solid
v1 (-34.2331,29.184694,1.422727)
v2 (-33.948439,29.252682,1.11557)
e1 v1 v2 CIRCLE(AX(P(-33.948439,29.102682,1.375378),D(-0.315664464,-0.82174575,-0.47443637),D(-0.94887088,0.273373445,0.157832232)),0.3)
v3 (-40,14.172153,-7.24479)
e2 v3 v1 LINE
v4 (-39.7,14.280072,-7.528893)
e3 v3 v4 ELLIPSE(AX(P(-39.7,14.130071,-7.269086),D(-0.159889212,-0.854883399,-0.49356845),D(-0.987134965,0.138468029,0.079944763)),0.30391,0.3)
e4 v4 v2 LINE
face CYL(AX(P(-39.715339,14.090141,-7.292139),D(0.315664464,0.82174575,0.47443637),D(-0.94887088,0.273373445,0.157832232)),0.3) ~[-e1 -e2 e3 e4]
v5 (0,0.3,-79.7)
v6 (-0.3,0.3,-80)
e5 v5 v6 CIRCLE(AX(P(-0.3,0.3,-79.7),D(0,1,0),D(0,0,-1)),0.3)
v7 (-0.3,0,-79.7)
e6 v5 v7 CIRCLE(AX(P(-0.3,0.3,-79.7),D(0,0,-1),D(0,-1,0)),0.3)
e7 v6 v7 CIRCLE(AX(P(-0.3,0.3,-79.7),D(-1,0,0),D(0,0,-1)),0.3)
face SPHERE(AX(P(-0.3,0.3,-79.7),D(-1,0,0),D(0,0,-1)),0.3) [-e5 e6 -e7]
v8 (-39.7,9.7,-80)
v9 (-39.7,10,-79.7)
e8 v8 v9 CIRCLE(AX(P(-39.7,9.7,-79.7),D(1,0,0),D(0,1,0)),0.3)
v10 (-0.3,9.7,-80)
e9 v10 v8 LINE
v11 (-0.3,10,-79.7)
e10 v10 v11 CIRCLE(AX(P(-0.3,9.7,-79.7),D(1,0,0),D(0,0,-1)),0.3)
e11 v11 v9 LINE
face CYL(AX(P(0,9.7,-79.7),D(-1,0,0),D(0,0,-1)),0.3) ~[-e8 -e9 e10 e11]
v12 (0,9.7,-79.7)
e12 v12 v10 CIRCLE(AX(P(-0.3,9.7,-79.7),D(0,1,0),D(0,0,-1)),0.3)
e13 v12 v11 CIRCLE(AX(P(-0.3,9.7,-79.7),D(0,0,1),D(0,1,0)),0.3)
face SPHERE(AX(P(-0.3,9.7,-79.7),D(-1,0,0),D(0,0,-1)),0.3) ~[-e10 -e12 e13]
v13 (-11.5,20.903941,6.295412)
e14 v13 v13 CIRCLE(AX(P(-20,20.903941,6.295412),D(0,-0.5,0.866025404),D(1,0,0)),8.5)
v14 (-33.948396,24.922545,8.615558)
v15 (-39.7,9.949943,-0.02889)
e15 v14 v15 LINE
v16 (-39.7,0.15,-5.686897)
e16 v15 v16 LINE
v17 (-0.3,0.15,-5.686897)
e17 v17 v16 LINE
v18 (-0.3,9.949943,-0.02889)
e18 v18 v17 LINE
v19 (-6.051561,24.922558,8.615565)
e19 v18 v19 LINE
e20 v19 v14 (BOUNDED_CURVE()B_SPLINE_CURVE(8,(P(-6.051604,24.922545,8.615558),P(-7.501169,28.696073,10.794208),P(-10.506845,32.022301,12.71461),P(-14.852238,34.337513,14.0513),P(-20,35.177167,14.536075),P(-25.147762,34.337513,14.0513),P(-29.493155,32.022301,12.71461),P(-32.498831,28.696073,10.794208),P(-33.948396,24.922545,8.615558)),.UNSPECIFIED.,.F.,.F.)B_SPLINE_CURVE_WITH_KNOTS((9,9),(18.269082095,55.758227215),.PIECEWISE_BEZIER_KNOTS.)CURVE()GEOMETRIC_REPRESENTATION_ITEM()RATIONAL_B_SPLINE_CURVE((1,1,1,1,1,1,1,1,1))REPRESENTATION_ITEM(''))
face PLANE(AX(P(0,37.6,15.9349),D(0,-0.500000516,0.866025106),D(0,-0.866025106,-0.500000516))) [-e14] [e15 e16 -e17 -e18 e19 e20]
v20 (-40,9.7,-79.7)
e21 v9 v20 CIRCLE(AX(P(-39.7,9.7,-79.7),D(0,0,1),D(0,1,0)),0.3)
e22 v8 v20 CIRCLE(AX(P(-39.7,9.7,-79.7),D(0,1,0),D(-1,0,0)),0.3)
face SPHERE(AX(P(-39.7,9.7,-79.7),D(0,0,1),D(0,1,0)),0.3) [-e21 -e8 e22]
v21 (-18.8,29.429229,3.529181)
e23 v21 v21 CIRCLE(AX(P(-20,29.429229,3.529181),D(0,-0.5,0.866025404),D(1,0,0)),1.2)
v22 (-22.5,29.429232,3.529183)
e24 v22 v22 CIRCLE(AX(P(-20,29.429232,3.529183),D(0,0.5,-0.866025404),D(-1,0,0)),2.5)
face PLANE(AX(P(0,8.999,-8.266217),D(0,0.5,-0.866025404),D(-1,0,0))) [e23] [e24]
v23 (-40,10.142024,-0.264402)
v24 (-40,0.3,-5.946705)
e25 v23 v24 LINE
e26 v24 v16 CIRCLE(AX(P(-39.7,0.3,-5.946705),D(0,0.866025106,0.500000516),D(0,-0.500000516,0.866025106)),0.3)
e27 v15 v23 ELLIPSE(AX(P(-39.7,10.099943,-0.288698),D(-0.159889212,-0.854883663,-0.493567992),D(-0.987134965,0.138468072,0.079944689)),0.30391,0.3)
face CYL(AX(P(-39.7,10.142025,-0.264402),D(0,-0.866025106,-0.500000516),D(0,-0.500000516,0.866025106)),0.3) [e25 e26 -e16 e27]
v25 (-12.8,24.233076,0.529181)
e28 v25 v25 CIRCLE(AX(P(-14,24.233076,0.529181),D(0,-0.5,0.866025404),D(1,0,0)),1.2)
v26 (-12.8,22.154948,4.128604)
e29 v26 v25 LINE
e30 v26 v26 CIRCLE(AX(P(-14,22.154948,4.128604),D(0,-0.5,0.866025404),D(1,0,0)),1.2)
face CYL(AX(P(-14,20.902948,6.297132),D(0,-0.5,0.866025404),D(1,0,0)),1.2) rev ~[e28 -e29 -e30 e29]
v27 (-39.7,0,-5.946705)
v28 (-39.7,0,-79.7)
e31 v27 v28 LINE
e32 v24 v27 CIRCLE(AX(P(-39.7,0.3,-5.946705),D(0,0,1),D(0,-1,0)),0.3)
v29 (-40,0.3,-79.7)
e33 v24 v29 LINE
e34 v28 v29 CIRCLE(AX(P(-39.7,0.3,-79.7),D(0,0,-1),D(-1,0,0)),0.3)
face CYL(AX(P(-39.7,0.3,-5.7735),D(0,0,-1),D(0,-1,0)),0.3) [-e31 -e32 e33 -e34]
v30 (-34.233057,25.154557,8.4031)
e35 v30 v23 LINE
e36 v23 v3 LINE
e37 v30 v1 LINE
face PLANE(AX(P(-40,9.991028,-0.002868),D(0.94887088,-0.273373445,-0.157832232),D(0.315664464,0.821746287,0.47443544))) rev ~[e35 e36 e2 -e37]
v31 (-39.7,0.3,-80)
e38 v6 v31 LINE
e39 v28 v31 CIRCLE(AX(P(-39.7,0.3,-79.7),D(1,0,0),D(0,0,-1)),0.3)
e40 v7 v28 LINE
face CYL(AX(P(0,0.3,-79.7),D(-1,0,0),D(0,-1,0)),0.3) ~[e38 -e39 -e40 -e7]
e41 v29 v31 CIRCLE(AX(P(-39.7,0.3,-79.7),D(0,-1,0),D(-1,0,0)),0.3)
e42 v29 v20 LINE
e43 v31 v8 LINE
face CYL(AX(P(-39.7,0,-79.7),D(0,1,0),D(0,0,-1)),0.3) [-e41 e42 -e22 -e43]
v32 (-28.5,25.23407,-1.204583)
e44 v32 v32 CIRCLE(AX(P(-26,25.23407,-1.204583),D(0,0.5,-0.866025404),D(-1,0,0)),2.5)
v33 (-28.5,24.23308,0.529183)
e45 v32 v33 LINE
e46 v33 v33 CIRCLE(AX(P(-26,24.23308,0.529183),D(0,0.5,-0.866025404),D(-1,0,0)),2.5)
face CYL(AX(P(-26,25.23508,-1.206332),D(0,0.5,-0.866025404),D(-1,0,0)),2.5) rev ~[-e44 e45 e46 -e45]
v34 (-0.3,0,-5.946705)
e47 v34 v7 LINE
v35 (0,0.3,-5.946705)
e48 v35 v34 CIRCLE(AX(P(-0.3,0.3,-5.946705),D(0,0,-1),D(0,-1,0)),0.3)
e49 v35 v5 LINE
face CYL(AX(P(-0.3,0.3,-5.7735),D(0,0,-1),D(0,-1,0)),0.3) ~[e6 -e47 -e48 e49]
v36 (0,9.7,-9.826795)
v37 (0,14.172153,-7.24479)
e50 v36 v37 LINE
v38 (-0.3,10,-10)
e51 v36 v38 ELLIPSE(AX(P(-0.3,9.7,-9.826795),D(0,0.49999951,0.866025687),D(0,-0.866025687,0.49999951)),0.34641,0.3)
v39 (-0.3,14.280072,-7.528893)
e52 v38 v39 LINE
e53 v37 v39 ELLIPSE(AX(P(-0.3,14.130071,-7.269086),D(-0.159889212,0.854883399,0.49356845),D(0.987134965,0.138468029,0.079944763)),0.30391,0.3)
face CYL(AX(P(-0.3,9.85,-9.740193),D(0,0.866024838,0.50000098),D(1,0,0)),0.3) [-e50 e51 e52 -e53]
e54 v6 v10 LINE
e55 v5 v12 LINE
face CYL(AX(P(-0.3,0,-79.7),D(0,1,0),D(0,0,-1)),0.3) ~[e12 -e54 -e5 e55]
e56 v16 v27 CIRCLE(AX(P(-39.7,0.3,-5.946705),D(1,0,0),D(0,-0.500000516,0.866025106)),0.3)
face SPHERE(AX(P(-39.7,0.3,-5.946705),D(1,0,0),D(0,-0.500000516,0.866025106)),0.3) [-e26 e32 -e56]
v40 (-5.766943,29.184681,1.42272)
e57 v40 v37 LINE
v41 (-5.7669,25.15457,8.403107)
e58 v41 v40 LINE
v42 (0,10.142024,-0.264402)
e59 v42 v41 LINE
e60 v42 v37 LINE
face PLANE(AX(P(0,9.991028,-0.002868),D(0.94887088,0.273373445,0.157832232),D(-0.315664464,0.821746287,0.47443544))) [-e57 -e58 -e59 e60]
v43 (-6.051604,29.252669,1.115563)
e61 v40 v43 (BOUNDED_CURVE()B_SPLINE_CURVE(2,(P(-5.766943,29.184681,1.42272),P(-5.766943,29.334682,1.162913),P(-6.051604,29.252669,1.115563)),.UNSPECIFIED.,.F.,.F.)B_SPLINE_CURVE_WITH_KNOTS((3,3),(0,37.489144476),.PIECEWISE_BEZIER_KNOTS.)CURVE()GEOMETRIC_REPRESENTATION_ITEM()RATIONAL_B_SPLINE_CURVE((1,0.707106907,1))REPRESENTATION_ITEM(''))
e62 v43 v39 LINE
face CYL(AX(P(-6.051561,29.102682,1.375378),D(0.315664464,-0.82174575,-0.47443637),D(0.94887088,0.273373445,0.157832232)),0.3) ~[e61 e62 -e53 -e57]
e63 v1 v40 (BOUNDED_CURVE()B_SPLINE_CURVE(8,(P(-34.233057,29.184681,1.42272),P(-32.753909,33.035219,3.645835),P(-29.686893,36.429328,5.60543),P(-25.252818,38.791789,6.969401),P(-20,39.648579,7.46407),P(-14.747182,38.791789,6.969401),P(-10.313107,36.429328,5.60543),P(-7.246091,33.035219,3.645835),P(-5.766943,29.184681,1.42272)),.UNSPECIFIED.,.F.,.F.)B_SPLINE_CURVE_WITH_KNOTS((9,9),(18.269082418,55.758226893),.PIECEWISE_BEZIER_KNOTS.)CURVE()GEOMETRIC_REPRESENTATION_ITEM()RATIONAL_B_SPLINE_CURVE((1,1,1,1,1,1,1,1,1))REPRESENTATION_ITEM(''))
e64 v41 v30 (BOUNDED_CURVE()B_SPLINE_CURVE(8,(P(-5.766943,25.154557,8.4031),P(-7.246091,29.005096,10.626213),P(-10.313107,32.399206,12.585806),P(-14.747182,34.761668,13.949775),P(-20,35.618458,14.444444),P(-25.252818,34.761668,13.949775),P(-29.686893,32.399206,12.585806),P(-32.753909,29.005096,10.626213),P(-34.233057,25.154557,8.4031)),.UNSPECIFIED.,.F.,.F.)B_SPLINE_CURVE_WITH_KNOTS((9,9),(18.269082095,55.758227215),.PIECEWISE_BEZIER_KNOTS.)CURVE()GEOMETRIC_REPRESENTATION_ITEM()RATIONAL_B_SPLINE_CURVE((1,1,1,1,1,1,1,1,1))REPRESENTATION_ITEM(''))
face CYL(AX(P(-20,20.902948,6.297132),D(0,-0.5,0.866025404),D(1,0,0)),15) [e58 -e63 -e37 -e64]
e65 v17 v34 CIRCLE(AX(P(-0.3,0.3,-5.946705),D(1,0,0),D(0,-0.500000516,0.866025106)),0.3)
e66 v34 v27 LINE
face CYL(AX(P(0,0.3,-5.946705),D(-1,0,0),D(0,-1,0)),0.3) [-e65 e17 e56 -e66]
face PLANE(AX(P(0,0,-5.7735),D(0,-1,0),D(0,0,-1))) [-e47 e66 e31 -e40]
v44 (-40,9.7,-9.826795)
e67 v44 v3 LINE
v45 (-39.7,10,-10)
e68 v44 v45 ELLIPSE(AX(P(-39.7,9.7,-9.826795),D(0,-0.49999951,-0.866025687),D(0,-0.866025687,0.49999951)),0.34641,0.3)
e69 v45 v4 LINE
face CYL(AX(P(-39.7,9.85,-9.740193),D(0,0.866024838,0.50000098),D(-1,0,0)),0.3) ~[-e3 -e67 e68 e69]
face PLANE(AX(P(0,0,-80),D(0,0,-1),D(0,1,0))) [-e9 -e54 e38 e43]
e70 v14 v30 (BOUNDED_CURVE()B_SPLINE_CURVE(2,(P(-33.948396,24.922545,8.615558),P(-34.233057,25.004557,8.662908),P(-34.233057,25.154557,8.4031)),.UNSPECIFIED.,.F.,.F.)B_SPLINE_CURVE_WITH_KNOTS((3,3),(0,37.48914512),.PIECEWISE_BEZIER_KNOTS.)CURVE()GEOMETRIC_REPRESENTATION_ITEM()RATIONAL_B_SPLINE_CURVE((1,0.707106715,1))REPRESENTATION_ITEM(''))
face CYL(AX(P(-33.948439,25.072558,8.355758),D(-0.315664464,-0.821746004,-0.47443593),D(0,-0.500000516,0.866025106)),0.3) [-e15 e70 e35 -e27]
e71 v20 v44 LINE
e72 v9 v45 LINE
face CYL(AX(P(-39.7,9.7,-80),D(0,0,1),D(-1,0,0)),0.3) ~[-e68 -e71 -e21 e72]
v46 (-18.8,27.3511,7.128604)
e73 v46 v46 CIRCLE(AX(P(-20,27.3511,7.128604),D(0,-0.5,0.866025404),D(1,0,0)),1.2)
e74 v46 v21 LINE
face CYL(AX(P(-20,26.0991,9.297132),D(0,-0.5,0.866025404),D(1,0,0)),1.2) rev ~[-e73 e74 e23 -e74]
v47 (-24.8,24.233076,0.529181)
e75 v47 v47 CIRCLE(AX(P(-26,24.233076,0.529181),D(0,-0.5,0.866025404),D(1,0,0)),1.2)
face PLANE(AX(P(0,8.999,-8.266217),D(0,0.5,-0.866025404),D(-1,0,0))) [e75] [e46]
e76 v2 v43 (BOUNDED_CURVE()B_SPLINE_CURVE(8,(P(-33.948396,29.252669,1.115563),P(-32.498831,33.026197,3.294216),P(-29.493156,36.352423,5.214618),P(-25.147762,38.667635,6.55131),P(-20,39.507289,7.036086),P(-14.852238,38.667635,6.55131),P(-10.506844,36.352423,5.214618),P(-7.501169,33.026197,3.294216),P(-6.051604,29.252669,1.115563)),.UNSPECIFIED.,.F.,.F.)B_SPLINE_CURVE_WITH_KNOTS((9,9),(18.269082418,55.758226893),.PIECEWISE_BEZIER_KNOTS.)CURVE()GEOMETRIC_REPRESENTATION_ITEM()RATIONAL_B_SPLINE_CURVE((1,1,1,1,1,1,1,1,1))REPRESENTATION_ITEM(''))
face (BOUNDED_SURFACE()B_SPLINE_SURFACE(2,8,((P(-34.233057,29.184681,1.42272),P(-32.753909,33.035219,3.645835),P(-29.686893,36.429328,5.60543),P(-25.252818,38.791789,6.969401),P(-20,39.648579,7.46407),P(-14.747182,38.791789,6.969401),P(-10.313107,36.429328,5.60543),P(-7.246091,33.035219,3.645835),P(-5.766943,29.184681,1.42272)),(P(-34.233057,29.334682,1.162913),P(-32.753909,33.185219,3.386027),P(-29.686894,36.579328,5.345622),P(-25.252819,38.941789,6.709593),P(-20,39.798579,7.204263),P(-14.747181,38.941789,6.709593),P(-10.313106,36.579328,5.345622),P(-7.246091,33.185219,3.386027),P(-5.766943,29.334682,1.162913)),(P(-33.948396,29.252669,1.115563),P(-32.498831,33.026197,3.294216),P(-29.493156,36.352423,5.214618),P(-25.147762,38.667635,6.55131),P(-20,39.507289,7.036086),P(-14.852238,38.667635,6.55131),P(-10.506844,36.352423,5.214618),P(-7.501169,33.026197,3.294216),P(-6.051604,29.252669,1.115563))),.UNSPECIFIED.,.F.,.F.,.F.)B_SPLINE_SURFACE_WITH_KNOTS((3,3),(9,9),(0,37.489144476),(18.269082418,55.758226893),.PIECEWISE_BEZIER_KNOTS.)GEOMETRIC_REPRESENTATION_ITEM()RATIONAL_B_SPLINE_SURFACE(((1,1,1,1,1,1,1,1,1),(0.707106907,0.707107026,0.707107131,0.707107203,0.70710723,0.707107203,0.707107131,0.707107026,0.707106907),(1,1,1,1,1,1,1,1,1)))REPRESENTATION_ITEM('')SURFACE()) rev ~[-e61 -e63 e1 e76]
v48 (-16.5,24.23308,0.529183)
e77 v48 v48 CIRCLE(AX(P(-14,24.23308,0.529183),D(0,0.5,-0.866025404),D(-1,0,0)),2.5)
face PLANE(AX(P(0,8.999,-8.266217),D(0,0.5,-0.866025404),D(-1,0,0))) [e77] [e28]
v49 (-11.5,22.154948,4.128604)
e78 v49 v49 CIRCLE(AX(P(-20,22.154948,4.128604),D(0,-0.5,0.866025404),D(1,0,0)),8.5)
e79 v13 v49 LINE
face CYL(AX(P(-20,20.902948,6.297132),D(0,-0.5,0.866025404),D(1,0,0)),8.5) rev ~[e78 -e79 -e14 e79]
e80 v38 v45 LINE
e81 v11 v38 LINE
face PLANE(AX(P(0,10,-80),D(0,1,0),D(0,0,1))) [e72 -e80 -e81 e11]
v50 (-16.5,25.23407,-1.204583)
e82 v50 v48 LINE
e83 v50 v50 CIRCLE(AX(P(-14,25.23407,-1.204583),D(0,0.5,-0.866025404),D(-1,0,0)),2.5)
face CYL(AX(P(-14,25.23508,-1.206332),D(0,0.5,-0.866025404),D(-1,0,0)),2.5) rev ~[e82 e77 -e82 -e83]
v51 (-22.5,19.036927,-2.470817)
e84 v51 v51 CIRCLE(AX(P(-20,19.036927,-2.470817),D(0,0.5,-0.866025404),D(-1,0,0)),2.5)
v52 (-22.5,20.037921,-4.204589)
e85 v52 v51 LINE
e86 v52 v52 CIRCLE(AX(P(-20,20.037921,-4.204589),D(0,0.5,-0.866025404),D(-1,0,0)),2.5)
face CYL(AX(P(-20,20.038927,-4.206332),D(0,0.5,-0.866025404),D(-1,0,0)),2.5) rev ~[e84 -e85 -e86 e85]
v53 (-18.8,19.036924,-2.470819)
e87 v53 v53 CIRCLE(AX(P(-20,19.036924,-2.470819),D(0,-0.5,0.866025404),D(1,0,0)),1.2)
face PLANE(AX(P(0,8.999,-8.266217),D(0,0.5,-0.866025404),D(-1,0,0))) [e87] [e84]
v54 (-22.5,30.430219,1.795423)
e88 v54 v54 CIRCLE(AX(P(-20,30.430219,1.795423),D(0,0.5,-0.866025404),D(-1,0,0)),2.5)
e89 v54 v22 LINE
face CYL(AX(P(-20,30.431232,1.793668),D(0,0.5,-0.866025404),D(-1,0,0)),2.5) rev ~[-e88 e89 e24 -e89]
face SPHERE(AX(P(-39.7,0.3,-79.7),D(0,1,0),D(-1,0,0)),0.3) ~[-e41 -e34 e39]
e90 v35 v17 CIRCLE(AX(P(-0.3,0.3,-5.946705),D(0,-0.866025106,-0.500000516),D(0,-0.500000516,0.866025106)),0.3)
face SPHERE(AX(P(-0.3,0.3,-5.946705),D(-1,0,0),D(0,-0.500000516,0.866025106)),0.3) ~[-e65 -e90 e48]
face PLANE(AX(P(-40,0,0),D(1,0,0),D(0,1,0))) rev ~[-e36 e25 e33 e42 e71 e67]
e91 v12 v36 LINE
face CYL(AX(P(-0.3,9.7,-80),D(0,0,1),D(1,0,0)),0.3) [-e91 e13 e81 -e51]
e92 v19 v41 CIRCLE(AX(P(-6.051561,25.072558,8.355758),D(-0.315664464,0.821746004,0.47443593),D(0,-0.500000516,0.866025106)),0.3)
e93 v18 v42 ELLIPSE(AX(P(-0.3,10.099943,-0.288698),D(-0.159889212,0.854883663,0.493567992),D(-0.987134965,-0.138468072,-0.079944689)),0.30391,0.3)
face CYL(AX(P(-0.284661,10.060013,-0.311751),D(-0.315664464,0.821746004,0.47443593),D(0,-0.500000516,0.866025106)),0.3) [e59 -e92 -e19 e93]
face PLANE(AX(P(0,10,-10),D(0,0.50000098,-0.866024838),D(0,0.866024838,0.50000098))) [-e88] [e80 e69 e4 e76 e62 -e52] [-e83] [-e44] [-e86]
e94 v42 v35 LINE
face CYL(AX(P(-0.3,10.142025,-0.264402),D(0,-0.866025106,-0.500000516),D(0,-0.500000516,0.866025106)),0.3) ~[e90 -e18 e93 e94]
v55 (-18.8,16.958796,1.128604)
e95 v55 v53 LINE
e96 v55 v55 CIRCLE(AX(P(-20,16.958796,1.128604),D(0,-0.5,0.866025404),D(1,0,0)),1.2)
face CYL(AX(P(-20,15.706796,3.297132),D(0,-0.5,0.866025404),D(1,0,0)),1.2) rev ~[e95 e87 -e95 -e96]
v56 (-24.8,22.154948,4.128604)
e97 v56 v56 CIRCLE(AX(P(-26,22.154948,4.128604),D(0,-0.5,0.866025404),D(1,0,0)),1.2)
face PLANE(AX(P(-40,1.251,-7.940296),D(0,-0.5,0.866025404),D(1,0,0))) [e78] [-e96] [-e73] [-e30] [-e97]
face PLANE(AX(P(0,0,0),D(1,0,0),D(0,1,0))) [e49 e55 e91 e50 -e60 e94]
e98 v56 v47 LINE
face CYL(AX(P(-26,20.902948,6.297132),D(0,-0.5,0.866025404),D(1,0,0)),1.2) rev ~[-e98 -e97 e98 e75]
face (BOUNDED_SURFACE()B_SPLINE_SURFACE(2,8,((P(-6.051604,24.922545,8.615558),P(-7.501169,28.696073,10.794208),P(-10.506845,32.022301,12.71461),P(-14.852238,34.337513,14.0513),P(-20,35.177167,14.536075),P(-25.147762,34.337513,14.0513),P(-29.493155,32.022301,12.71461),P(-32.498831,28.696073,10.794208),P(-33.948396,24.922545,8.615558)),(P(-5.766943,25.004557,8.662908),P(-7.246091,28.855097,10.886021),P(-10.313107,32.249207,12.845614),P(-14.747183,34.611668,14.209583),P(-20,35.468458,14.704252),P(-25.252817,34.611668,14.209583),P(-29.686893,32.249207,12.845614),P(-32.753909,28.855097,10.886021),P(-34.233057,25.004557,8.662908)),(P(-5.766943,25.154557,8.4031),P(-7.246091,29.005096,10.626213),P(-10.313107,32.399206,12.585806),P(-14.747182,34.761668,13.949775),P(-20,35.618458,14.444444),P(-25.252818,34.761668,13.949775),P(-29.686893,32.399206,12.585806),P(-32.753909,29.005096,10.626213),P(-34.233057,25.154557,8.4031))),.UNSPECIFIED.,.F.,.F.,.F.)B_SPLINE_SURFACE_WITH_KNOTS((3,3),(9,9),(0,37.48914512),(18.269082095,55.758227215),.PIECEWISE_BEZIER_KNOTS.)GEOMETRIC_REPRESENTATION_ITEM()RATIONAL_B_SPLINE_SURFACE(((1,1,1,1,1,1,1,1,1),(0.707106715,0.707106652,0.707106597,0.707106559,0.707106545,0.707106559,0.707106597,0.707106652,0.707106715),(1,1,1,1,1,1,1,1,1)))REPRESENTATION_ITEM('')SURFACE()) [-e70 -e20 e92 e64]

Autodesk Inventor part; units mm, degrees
ref_plane "YZ Plane" through (0, 0, 0) normal (1, 0, 0) x (0, 1, 0)
ref_plane "XZ Plane" through (0, 0, 0) normal (0, 1, 0) x (-1, 0, 0)
sketch "Sketch1" plane through (0, 0, 0) normal (1, 0, 0) x (0, 1, 0)
  line L0 (0, -80) -> (10, -80)
  line L1 (10, -80) -> (10, -10)
  line L2 (10, -10) -> (41.9301, -10)
  line L3 (10, -10) -> (41.9301, 8.4349)
  line L4 (10, -10) -> (36.6272, -10) construction
  line L5 (37.6, 15.9349) -> (0, -5.7735)
  line L6 (37.6, 15.9349) -> (0, 15.9349)
  line L7 (0, 15.9349) -> (0, -80)
  line L8 (37.6, 15.9349) -> (41.9301, 8.4349)
  line L9 (41.9301, 8.4349) -> (41.9301, -10)
  point P0 (0, 0)
  dimension "d4" = 30
extrude "Extrusion1" add sketch "Sketch1" against normal blind 40 contours L7 L5 L8 L3 L1 L0
ref_plane "Work Plane3" through (-40, 0, -5.7735) normal (0, -0.5, 0.866) x (1, 0, 0)
sketch "Sketch3" plane through (-40, 0, -5.7735) normal (0, -0.5, 0.866) x (1, 0, 0)
  line L0 (40, 45.0131) -> (0, 45.0131)
  line L1 (0, 11.5378) -> (40, 11.5378)
  line L2 (0, 11.5378) -> (0, 45.0131)
  line L3 (40, 45.0131) -> (40, 11.5378)
  circle A0 centre (20, 24.1378) radius 15
  circle A1 centre (20, 24.1378) radius 8.5
  line L4 (0, 11.5378) -> (0, 45.0131)
  line L5 (0, 11.5378) -> (5.7669, 28.8728)
  line L6 (40, 11.5378) -> (34.2331, 28.8728)
  circle A2 centre (20, 24.1378) radius 6
  circle A3 centre (20, 30.1378) radius 1.2
  circle A4 centre (26, 24.1378) radius 1.2
  circle A5 centre (20, 18.1378) radius 1.2
  circle A6 centre (14, 24.1378) radius 1.2
  point P0 (40, 2.8868)
  point P1 (20, 39.4287)
  point P2 (11.8612, 11.5378)
  point P3 (28.1388, 11.5378)
  dimension "d19" = 30
  dimension "d20" = 17
  dimension "d21" = 12
  dimension "d22" = 2.4
  dimension "d23" = 2.4
  dimension "d24" = 2.4
  dimension "d25" = 2.4
extrude "Extrusion4" cut sketch "Sketch3" against normal up to surface (8.6603 mm away) contours L3 L6 A0 L5 L2 L0 | A2 A4 | A2 A4 | A3 A2 | A2 A3 | A5 A2 | A2 A5 | A6 A2 | A2 A6
extrude "Extrusion5" cut sketch "Sketch3" against normal blind 2.5 contours A1 | A2 A4 | A2 A4 | A4 A2 A5 A6 A3 | A3 A2 | A2 A3 | A5 A2 | A2 A5 | A6 A2 | A2 A6
sketch "Sketch5" plane through (0, 10, -10) normal (0, 0.5, -0.866) x (-1, 0, 0)
  circle A0 centre (20, 23.5908) radius 1.2 projected
  circle A1 centre (20, 23.5908) radius 2.5
  circle A2 centre (14, 17.5908) radius 1.2 projected
  circle A3 centre (14, 17.5908) radius 2.5
  circle A4 centre (26, 17.5908) radius 1.2 projected
  circle A5 centre (26, 17.5908) radius 2.5
  circle A6 centre (20, 11.5908) radius 1.2 projected
  circle A7 centre (20, 11.5908) radius 2.5
  point P0 (0, -3.6603)
  dimension "d30" = 5
  dimension "d31" = 5
  dimension "d32" = 5
  dimension "d33" = 5
extrude "Extrusion6" cut sketch "Sketch5" against normal blind 2 contours A0 | A1 | A2 | A3 | A4 | A5 | A6 | A7
fillet "Fillet1" radius 0.3 19 edges at (-40, 10, -45) (-40, 12.1611, -8.7523) (-20, 33.8943, 13.7954) (-2.8835, 17.4983, 4.3291) (-37.1165, 17.4983, 4.3291) (-20, 38.2244, 6.2954) (-2.8835, 21.8284, -3.1709) (-37.1165, 21.8284, -3.1709) (-40, 4.996, -2.8891) (-20, 10, -80) (-40, 5, -80) (-40, 0, -42.8868) (-20, 0, -5.7735) (-20, 0, -80) (0, 5, -80) (0, 10, -45) (0, 4.996, -2.8891) (0, 0, -42.8868) (0, 12.1611, -8.7523)
properties part number "rearTorso30Deg"
